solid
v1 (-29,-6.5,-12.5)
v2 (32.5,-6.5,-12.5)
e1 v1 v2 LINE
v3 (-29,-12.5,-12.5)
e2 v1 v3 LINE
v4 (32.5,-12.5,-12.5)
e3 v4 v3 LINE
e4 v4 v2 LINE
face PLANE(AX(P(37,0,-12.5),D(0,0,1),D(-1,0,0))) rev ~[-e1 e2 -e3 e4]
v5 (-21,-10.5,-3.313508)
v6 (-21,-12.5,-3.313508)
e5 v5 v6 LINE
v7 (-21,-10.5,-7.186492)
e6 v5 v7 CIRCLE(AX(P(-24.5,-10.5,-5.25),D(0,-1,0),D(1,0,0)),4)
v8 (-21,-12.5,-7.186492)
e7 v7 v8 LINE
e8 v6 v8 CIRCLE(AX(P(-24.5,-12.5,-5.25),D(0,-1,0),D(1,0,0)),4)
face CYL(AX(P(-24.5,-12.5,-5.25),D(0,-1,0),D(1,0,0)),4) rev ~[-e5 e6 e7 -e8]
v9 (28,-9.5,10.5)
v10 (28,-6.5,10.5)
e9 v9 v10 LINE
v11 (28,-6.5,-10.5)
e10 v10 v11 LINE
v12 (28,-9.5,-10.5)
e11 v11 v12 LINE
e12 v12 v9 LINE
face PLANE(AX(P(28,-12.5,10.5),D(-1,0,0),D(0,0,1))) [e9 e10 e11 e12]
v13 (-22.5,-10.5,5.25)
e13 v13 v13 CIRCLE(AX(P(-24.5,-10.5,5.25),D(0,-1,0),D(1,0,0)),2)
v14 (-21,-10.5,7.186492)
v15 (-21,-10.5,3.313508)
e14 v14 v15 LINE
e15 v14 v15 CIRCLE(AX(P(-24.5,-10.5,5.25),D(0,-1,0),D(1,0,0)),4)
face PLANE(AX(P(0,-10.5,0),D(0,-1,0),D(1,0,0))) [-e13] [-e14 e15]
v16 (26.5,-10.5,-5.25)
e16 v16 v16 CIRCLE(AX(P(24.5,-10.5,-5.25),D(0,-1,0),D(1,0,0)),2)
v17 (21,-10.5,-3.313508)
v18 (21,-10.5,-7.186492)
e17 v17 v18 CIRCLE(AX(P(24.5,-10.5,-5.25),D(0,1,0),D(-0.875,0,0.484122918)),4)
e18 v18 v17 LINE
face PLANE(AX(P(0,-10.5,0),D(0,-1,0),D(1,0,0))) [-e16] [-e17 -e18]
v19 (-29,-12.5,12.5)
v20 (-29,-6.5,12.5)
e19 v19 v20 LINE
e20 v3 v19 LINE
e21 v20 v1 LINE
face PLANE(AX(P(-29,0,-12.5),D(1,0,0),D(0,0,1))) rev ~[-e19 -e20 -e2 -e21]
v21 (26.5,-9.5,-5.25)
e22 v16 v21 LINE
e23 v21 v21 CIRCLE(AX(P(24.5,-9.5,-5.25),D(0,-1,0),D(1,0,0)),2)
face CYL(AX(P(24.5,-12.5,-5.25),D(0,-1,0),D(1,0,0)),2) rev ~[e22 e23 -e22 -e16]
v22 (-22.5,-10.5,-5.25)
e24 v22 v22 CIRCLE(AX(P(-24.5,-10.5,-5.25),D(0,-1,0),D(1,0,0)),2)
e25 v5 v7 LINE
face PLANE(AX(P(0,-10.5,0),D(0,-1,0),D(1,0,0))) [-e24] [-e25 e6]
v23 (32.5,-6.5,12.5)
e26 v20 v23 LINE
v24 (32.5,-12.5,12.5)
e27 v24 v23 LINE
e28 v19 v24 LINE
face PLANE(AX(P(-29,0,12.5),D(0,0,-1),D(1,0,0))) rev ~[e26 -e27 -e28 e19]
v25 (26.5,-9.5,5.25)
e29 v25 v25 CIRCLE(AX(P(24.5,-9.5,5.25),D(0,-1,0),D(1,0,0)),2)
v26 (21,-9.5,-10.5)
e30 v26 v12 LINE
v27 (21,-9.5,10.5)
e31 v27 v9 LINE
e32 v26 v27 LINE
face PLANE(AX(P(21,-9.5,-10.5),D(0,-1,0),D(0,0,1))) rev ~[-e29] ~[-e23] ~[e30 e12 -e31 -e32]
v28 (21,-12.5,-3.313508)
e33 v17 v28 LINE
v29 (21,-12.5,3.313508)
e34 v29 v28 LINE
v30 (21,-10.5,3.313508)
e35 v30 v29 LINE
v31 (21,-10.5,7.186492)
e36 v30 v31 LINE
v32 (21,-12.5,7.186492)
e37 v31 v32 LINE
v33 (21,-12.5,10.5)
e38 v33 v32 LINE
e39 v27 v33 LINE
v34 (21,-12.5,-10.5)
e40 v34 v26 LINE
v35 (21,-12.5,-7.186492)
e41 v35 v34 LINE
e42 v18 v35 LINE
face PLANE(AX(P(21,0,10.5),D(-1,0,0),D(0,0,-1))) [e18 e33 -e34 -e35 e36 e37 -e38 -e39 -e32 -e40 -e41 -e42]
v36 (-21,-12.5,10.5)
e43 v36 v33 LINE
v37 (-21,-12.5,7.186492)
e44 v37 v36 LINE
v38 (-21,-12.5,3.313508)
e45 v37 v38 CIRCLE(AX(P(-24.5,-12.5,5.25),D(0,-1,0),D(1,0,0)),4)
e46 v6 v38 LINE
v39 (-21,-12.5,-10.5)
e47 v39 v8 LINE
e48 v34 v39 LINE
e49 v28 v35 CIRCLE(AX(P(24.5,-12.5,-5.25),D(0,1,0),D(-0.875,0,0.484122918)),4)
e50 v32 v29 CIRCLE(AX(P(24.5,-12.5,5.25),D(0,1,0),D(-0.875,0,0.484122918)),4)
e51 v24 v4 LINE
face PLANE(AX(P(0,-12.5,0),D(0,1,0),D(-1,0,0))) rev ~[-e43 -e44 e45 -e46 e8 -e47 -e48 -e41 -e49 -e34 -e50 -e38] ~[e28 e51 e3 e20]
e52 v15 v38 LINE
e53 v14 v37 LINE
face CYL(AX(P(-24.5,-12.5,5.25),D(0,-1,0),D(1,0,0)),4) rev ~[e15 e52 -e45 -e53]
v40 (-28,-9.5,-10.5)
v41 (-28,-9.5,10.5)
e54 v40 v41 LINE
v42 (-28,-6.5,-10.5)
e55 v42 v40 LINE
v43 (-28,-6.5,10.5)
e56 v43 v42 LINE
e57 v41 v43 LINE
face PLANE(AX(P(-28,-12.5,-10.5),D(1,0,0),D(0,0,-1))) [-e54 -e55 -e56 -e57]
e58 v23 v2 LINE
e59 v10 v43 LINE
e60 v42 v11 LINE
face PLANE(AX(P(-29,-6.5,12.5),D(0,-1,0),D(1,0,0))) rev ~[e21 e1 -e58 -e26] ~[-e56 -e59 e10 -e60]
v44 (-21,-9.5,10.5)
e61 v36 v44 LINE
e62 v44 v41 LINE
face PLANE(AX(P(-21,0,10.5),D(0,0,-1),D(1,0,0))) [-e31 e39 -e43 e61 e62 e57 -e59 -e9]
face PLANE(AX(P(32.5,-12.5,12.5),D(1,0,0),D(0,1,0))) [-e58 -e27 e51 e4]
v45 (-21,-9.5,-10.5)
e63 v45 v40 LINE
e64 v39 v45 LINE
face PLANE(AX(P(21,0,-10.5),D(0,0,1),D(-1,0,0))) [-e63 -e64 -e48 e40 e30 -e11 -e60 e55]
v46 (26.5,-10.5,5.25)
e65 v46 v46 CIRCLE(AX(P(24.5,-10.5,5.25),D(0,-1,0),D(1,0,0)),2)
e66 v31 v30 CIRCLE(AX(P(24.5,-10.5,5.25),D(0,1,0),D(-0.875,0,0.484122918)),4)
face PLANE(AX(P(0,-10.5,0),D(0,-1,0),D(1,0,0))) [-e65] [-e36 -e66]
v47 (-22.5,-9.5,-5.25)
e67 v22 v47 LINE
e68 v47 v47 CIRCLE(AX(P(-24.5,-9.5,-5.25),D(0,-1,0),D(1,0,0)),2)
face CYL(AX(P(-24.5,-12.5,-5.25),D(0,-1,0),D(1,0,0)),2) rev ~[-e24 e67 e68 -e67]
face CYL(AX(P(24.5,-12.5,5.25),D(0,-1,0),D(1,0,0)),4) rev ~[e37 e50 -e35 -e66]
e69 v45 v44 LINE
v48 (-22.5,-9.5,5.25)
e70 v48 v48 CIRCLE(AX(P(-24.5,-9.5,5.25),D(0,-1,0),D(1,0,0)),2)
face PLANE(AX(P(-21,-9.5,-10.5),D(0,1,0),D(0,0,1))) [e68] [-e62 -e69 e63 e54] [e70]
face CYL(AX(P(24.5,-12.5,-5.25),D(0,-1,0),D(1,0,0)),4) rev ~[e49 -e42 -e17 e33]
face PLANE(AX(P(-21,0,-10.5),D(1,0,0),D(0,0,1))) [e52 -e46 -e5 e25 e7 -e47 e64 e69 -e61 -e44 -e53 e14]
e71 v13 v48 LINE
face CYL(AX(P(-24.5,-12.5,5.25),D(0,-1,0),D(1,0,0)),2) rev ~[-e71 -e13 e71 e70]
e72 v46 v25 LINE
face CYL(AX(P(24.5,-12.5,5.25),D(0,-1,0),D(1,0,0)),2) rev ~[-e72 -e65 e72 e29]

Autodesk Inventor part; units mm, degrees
ref_plane "YZ Plane" through (0, 0, 0) normal (1, 0, 0) x (0, 1, 0)
ref_plane "XZ Plane" through (0, 0, 0) normal (0, 1, 0) x (-1, 0, 0)
ref_plane "XY Plane" through (0, 0, 0) normal (0, 0, 1) x (1, 0, 0)
sketch "Esquisse1" plane through (0, 0, 0) normal (0, 1, 0) x (-1, 0, 0)
  line L0 (21, 10.5) -> (-21, 10.5)
  line L1 (-21, 10.5) -> (-21, -10.5)
  line L2 (-21, -10.5) -> (21, -10.5)
  line L3 (21, -10.5) -> (21, 10.5)
  line L4 (29, 12.5) -> (-37, 12.5)
  line L5 (-37, 12.5) -> (-37, -12.5)
  line L6 (-37, -12.5) -> (29, -12.5)
  line L7 (29, -12.5) -> (29, 12.5)
  line L8 (-37, -12.5) -> (-46.0993, 12.5)
  line L9 (-46.0993, 12.5) -> (-37, 12.5)
  point P0 (0, 0)
  dimension "d0" = 20
  dimension "d1" = 42
  dimension "d2" = 21
  dimension "d3" = 10.5
  dimension "d4" = 21
  dimension "d5" = 8
  dimension "d6" = 2
  dimension "d7" = 2
  dimension "d8" = 16
extrude "Extrusion1" add sketch "Esquisse1" along normal mid plane 25
sketch "Esquisse2" plane through (37, -12.5, -12.5) normal (0.9397, 0, -0.342) x (-0.342, 0, -0.9397)
  line L0 (-26.6044, 25) -> (0, 0)
  line L1 (0, 0) -> (0, 25)
  line L2 (0, 25) -> (-26.6044, 0)
  arc A0 (-8.3022, 22.298) -> (-18.3022, 22.298) centre (-13.3022, 12.5) ccw
  line L3 (-18.3022, 22.298) -> (-8.3022, 22.298)
  line L4 (-8.3022, 22.298) -> (-8.3022, 2.702)
  line L5 (-8.3022, 2.702) -> (-18.3022, 2.702)
  line L6 (-18.3022, 2.702) -> (-18.3022, 22.298)
  arc A1 (-8.3022, 2.702) -> (-8.3022, 22.298) centre (-13.3022, 12.5) ccw
  arc A2 (-18.3022, 2.702) -> (-8.3022, 2.702) centre (-13.3022, 12.5) ccw
  arc A3 (-18.3022, 22.298) -> (-18.3022, 2.702) centre (-13.3022, 12.5) ccw
  point P0 (0.9086, 12.5)
  point P1 (-26.6044, 25)
  point P2 (-26.6044, 0)
  dimension "d11" = 22
  dimension "d13" = 10
extrude "Extrusion2" add sketch "Esquisse2" along normal blind 5 contours A3 L6 L0 | L0 L6 L2 A3 | L6 L3 L4 L2 L0 | L0 L2 L6 | L2 L6 A3 | L2 L4 L0 | L0 L4 L5 L6 L2 | A1 L2 L4 | L4 L2 A1 L0 | L0 A1 L4
sketch "Esquisse3" plane through (39.8395, -9.798, -4.6985) normal (0, -1, 0) x (0.9397, 0, -0.342)
  line L0 (5, 10) -> (0, 0)
  line L1 (0, 10) -> (5, 0)
  circle A0 centre (2.5, 5) radius 1.75
  point P0 (-39.0439, -9.2108)
  dimension "d16" = 3.5
extrude "Extrusion3" cut sketch "Esquisse3" against normal through all
sketch "Esquisse4" plane through (21, -12.5, 10.5) normal (-1, 0, 0) x (0, 0, 1)
  line L0 (-21, 3) -> (0, 3)
  line L1 (0, 3) -> (0, 6)
  line L2 (0, 6) -> (-21, 6)
  line L3 (-21, 6) -> (-21, 3)
  line L4 (-21, 0) -> (-21, 25) projected
  line L5 (0, 0) -> (0, 25) projected
  line L6 (0, 0) -> (-21, 0) projected
  point P0 (-10.5, 12.5)
  dimension "d19" = 3
  dimension "d20" = 3
extrude "Extrusion4" cut sketch "Esquisse4" against normal blind 7 contours L3 L2 L1 L0
sketch "Esquisse5" plane through (-21, -12.5, -10.5) normal (1, 0, 0) x (0, 0, -1)
  line L0 (-21, 6) -> (0, 6)
  line L1 (0, 6) -> (0, 3)
  line L2 (0, 3) -> (-21, 3)
  line L3 (-21, 3) -> (-21, 6)
  line L4 (-21, 25) -> (-21, 0) projected
  line L5 (0, 0) -> (0, 25) projected
  line L6 (0, 0) -> (-21, 0) projected
  point P0 (-10.5, 12.5)
  dimension "d23" = 3
  dimension "d24" = 3
extrude "Extrusion5" cut sketch "Esquisse5" against normal blind 7 contours L0 L1 L2 L3
sketch "Esquisse6" plane through (21, 12.5, -10.5) normal (-1, 0, 0) x (0, 0, 1)
  line L0 (21, -25) -> (0, 0)
  line L1 (0, -25) -> (21, 0)
  circle A0 centre (10.5, -12.5) radius 3
  dimension "d27" = 6
extrude "Extrusion6" cut sketch "Esquisse6" against normal through all
sketch "Esquisse7" plane through (21, 12.5, -10.5) normal (-1, 0, 0) x (0, 0, 1)
  circle A0 centre (10.5, -12.5) radius 3
  circle A1 centre (10.5, -12.5) radius 1.75
  circle A2 centre (10.5, -12.5) radius 3 projected
  dimension "d30" = 0
  dimension "d31" = 3.5
extrude "Extrusion7" add sketch "Esquisse7" against normal blind 18
sketch "Esquisse8" plane through (21, 12.5, -10.5) normal (-1, 0, 0) x (0, 0, 1)
  circle A0 centre (10.5, -12.5) radius 3
  dimension "d34" = 6
extrude "Extrusion8" cut sketch "Esquisse8" against normal blind 3
sketch "Esquisse10" plane through (0, -12.5, 0) normal (0, -1, 0) x (1, 0, 0)
  line L0 (-21, -10.5) -> (-28, -10.5)
  line L1 (-28, -10.5) -> (-28, 10.5)
  line L2 (-28, 10.5) -> (-21, 10.5)
  line L3 (-21, 10.5) -> (-21, -10.5)
  line L4 (21, -10.5) -> (28, -10.5)
  line L5 (28, -10.5) -> (28, 10.5)
  line L6 (28, 10.5) -> (21, 10.5)
  line L7 (21, 10.5) -> (21, -10.5)
  line L8 (-28, -10.5) -> (-28, 10.5) projected
  line L9 (28, 10.5) -> (28, -10.5) projected
  line L10 (-28, -10.5) -> (-21, 0)
  line L11 (-21, 0) -> (-28, 10.5)
  line L12 (-28, 0) -> (-21, 10.5)
  line L13 (-21, -10.5) -> (-28, 0)
  line L14 (21, -10.5) -> (28, 0)
  line L15 (21, 0) -> (28, -10.5)
  line L16 (28, 10.5) -> (21, 0)
  line L17 (21, 10.5) -> (28, 0)
  circle A0 centre (-24.5, -5.25) radius 2
  circle A1 centre (24.5, -5.25) radius 2
  circle A2 centre (24.5, 5.25) radius 2
  circle A3 centre (-24.5, 5.25) radius 2
  point P0 (0, 0)
  dimension "d37" = 4
  dimension "d38" = 4
  dimension "d39" = 4
  dimension "d40" = 4
extrude "Extrusion9" cut sketch "Esquisse10" against normal through all contours A0 L10 L13 | L13 L10 A0 | A0 L13 L10 | L10 L13 A0 | A3 L12 L11 | L11 L12 A3 | A3 L11 L12 | L12 L11 A3 | A1 L15 L14 | L14 L15 A1 | L15 L14 A1 | A1 L14 L15 | A2 L17 L16 | L16 L17 A2 | L17 L16 A2 | A2 L16 L17
sketch "Esquisse11" plane through (37, 12.5, -12.5) normal (0, 0, -1) x (-1, 0, 0)
  line L0 (66, 0) -> (46, 0)
  line L1 (46, 0) -> (46, -13)
  line L2 (46, -13) -> (66, -13)
  line L3 (66, -13) -> (66, 0)
  line L4 (66, -25) -> (0, -25) projected
  line L5 (46, -13) -> (33, 0)
  line L6 (0, 0) -> (66, 0) projected
  line L7 (45, 0) -> (33, 0)
  point P0 (37, -12.5)
  dimension "d43" = 20
  dimension "d44" = 12
  dimension "d45" = 45
extrude "Extrusion10" cut sketch "Esquisse11" against normal through all
sketch "Esquisse12" plane through (-29, -12.5, 12.5) normal (0, 0, 1) x (1, 0, 0)
  line L0 (33, 25) -> (75.0993, 25) projected
  line L1 (75.0993, 0) -> (61.5, 0)
  line L2 (61.5, 0) -> (61.5, 25)
  line L3 (61.5, 25) -> (75.0993, 25)
  line L4 (75.0993, 25) -> (75.0993, 0)
  line L5 (57, 6) -> (57, 3) projected
  line L6 (66, 25) -> (66, 0) projected
  line L7 (61.5, 25) -> (0, 25)
  line L8 (0, 25) -> (0, 0)
  line L9 (0, 0) -> (61.5, 0)
  line L10 (61.5, 0) -> (61.5, 25)
  line L11 (75.0993, 0) -> (79.0103, 0)
  line L12 (79.0103, 0) -> (79.0103, 25)
  line L13 (79.0103, 25) -> (75.0993, 25)
  line L14 (75.0993, 25) -> (75.0993, 0)
  ellipse E0 centre (75.2481, 12.5) end of major axis (75.2481, 1.5) minor radius 3.7622 (76.9582, 2.702) -> (76.9582, 22.298) ccw projected
  point P0 (29, 12.5)
  dimension "d48" = 9
  dimension "d49" = 4.5
extrude "Extrusion12" cut sketch "Esquisse12" against normal through all contours L0 L6 L1 L2 | L0 L4 L1 L6 | L13 L12 L11 L4
sketch "Esquisse13" plane through (-29, -0.5, 12.5) normal (0, 0, 1) x (1, 0, 0)
  line L0 (0, -12) -> (0, 0) projected
  line L1 (61.5, -12) -> (0, -12)
  line L2 (0, -12) -> (0, -6)
  line L3 (0, -6) -> (61.5, -6)
  line L4 (61.5, -6) -> (61.5, -12)
  line L5 (61.5, 13) -> (0, 13)
  line L6 (0, 13) -> (0, -6)
  line L7 (0, -6) -> (61.5, -6)
  line L8 (61.5, -6) -> (61.5, 13)
  point P0 (29, 0.5)
  dimension "d54" = 6
extrude "Extrusion13" cut sketch "Esquisse13" against normal through all contours L0 L6 L5 L8 L3
sketch "Esquisse14" plane through (0, -12.5, 0) normal (0, -1, 0) x (1, 0, 0)
  circle A0 centre (-24.5, 5.25) radius 4
  circle A1 centre (-24.5, -5.25) radius 4
  circle A2 centre (24.5, 5.25) radius 4
  circle A3 centre (24.5, -5.25) radius 4
  circle A4 centre (-24.5, 5.25) radius 2 projected
  circle A5 centre (-24.5, -5.25) radius 2 projected
  circle A6 centre (24.5, 5.25) radius 2 projected
  circle A7 centre (24.5, -5.25) radius 2 projected
  point P0 (0, 0)
  dimension "d57" = 8
  dimension "d58" = 8
  dimension "d59" = 8
  dimension "d60" = 8
extrude "Extrusion14" cut sketch "Esquisse14" against normal blind 2
equation "\"d3\" = 0.5 * d2"
equation "\"d4\" = 0.5 * d1"
equation "\"d38\" = d37"
equation "\"d39\" = d37"
equation "\"d40\" = d37"
equation "\"d49\" = 0.5 * d48"
equation "\"d58\" = d57"
equation "\"d59\" = d57"
equation "\"d60\" = d57"
properties part number "forearm"
